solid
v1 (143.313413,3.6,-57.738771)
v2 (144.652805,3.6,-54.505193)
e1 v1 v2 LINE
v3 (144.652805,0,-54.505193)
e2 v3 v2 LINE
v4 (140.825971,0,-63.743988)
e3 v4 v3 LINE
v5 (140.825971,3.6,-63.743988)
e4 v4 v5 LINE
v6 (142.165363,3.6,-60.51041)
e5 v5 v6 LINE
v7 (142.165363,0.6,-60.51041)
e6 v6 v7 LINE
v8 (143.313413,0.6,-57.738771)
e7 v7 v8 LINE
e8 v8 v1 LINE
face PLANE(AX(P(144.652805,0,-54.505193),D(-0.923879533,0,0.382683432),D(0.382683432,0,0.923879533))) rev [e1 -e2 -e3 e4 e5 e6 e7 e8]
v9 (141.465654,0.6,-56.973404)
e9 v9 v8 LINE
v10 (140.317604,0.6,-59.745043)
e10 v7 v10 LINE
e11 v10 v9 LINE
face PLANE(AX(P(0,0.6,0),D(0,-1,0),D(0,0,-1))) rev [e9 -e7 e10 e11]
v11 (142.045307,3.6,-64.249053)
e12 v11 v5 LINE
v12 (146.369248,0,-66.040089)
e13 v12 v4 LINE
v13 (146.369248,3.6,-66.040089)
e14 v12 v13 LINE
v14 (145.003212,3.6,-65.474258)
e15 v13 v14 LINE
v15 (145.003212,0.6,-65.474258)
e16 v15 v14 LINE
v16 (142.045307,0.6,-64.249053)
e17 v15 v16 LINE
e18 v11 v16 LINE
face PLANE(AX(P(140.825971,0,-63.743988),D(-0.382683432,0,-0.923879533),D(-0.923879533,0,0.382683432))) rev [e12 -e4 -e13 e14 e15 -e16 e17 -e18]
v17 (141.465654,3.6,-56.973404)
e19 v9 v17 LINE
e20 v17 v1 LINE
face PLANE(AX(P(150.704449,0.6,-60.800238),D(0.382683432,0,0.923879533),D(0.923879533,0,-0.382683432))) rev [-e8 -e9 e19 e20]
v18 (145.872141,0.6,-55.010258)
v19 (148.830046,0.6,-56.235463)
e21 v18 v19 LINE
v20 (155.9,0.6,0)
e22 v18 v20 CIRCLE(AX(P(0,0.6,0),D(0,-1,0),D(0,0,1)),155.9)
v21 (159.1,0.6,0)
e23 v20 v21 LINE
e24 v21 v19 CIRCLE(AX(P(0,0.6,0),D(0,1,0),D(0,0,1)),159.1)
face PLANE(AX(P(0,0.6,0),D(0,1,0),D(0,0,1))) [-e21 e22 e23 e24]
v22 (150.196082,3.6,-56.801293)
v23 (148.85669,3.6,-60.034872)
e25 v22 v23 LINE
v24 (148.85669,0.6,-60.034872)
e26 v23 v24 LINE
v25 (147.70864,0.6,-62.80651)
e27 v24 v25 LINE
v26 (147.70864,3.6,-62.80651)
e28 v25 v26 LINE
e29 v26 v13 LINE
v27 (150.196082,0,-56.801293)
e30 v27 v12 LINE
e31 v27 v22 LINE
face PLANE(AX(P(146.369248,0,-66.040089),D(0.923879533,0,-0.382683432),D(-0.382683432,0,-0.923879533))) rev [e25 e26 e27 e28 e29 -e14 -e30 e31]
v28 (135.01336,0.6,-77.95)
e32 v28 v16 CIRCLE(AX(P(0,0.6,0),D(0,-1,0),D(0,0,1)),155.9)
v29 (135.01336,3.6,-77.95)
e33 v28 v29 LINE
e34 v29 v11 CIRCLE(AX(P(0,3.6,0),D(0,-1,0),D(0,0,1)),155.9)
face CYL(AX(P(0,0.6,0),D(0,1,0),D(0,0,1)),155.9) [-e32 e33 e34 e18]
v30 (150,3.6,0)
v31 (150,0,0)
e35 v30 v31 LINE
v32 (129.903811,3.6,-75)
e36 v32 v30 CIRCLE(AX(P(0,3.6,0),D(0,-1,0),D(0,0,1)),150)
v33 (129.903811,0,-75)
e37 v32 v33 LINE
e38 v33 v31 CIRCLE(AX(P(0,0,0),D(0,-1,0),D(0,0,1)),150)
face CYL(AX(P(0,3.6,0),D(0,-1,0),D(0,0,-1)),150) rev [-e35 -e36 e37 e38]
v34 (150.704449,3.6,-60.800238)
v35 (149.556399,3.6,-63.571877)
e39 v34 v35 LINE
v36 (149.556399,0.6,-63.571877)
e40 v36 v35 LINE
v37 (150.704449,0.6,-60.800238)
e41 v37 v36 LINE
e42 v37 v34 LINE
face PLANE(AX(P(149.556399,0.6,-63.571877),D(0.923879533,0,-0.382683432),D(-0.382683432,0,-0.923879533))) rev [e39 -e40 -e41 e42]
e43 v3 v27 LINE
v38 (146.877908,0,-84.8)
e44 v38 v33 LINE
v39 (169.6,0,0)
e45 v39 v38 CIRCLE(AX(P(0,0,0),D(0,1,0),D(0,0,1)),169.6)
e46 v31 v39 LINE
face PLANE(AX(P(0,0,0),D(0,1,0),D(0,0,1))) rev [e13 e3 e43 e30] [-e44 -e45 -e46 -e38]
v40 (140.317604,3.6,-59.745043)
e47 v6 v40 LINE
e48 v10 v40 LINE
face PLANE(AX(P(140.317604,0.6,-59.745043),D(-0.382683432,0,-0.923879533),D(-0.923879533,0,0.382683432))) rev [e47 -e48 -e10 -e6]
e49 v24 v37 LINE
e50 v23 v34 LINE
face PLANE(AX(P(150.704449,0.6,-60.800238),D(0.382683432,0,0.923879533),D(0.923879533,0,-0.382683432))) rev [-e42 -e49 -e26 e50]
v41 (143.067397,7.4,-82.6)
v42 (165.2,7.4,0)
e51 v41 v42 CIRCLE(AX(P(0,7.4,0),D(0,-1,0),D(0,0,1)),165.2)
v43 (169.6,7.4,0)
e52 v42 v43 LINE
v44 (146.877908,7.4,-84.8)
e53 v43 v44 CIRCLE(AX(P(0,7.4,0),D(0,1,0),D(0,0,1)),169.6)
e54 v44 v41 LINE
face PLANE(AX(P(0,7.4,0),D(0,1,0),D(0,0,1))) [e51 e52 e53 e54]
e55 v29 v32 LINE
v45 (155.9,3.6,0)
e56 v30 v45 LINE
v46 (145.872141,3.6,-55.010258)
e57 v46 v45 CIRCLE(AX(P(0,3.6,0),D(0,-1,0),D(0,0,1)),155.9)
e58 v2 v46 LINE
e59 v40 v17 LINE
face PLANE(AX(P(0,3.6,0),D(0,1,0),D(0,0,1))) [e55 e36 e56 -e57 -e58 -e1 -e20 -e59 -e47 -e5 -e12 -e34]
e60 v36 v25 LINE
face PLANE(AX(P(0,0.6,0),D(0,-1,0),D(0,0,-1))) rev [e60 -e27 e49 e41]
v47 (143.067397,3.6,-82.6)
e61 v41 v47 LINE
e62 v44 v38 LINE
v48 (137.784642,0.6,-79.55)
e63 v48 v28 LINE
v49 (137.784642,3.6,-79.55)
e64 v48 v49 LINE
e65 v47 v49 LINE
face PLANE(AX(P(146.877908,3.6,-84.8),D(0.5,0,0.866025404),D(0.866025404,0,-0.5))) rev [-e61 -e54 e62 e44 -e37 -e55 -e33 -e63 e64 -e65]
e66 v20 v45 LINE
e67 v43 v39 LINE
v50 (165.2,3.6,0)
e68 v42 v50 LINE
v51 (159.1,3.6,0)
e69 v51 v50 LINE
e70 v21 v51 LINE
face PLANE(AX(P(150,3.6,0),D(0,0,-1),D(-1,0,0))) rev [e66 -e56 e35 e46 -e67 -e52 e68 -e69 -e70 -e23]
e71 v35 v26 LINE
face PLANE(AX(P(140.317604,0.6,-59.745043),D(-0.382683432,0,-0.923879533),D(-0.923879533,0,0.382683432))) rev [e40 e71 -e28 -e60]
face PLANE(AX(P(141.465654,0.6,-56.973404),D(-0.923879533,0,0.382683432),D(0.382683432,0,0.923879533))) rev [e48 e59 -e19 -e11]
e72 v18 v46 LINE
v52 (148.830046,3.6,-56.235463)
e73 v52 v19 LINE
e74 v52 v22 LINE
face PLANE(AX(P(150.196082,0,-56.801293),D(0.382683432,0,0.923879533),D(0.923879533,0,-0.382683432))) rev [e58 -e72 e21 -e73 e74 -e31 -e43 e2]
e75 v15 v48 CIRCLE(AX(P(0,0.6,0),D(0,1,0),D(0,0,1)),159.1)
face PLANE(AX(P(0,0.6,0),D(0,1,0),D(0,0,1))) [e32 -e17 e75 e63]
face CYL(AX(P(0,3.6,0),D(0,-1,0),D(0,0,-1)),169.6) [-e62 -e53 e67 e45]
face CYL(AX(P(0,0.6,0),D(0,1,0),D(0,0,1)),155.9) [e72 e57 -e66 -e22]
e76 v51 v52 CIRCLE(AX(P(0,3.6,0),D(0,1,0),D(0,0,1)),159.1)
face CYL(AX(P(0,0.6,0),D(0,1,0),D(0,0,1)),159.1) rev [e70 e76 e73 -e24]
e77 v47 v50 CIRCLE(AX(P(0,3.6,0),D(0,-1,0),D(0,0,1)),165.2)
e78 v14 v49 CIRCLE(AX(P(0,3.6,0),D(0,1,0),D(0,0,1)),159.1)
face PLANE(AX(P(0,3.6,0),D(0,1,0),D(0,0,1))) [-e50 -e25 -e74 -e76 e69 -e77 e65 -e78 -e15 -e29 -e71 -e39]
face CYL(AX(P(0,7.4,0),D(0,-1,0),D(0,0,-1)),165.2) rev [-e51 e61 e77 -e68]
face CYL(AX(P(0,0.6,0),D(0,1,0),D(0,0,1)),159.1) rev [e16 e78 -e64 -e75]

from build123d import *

# Parameters (mm, degrees)
AUFSATZ_LINEAR_AUSTRAGEN1_DEPTH = 3.6
SCHNITT_LINEAR_AUSTRAGEN1_DEPTH = 3
SCHNITT_LINEAR_AUSTRAGEN2_DEPTH = 190.652735282
SCHNITT_LINEAR_AUSTRAGEN3_DEPTH = 3
AUFSATZ_LINEAR_AUSTRAGEN2_DEPTH = 3.8


with BuildPart() as part:
    # Skizze1 → Aufsatz-Linear austragen1 (new body)
    with BuildSketch(Plane(origin=(0, 0, 0), x_dir=(1, 0, 0), z_dir=(0, 1, 0))):
        with BuildLine():
            Line((146.877908482, 84.8), (129.903810568, 75))
            ThreePointArc((129.903810568, 75), (144.888873943, 38.822856765), (150, 0))
            Line((150, 0), (169.6, 0))
            ThreePointArc((169.6, 0), (163.821020139, 43.895710049), (146.877908482, 84.8))
        make_face()
    extrude(amount=AUFSATZ_LINEAR_AUSTRAGEN1_DEPTH)

    # Skizze2 → Schnitt-Linear austragen1 (cut)
    with BuildSketch(Plane(origin=(0, 3.6, 0), x_dir=(1, 0, 0), z_dir=(0, 1, 0))):
        with BuildLine():
            Line((135.01336045, 77.95), (137.784641742, 79.55))
            ThreePointArc((137.784641742, 79.55), (153.678798963, 41.178110076), (159.1, 0))
            Line((159.1, 0), (155.9, 0))
            ThreePointArc((155.9, 0), (150.587836318, 40.349889131), (135.01336045, 77.95))
        make_face()
    extrude(amount=-SCHNITT_LINEAR_AUSTRAGEN1_DEPTH, mode=Mode.SUBTRACT)

    # Skizze3 → Schnitt-Linear austragen2 (cut, through all)
    with BuildSketch(Plane(origin=(0, 3.6, 0), x_dir=(1, 0, 0), z_dir=(0, 1, 0))):
        Polygon((140.825970611, 63.743987963), (146.369247806, 66.040088557), (150.19608213, 56.801293232), (144.652804935, 54.505192638), align=None)
    extrude(amount=-SCHNITT_LINEAR_AUSTRAGEN2_DEPTH, mode=Mode.SUBTRACT)

    # Skizze4 → Schnitt-Linear austragen3 (cut)
    with BuildSketch(Plane(origin=(0, 3.6, 0), x_dir=(1, 0, 0), z_dir=(0, 1, 0))):
        Polygon((140.317603559, 59.745042734), (149.556398885, 63.571877058), (150.704449182, 60.800238461), (141.465653857, 56.973404137), align=None)
    extrude(amount=-SCHNITT_LINEAR_AUSTRAGEN3_DEPTH, mode=Mode.SUBTRACT)

    # Skizze5 → Aufsatz-Linear austragen2 (add)
    with BuildSketch(Plane(origin=(0, 3.6, 0), x_dir=(1, 0, 0), z_dir=(0, 1, 0))):
        with BuildLine():
            Line((143.067396705, 82.6), (146.877908482, 84.8))
            ThreePointArc((146.877908482, 84.8), (163.821020139, 43.895710049), (169.6, 0))
            Line((169.6, 0), (165.2, 0))
            ThreePointArc((165.2, 0), (159.570946503, 42.756906251), (143.067396705, 82.6))
        make_face()
    extrude(amount=AUFSATZ_LINEAR_AUSTRAGEN2_DEPTH)


solid = part.part
